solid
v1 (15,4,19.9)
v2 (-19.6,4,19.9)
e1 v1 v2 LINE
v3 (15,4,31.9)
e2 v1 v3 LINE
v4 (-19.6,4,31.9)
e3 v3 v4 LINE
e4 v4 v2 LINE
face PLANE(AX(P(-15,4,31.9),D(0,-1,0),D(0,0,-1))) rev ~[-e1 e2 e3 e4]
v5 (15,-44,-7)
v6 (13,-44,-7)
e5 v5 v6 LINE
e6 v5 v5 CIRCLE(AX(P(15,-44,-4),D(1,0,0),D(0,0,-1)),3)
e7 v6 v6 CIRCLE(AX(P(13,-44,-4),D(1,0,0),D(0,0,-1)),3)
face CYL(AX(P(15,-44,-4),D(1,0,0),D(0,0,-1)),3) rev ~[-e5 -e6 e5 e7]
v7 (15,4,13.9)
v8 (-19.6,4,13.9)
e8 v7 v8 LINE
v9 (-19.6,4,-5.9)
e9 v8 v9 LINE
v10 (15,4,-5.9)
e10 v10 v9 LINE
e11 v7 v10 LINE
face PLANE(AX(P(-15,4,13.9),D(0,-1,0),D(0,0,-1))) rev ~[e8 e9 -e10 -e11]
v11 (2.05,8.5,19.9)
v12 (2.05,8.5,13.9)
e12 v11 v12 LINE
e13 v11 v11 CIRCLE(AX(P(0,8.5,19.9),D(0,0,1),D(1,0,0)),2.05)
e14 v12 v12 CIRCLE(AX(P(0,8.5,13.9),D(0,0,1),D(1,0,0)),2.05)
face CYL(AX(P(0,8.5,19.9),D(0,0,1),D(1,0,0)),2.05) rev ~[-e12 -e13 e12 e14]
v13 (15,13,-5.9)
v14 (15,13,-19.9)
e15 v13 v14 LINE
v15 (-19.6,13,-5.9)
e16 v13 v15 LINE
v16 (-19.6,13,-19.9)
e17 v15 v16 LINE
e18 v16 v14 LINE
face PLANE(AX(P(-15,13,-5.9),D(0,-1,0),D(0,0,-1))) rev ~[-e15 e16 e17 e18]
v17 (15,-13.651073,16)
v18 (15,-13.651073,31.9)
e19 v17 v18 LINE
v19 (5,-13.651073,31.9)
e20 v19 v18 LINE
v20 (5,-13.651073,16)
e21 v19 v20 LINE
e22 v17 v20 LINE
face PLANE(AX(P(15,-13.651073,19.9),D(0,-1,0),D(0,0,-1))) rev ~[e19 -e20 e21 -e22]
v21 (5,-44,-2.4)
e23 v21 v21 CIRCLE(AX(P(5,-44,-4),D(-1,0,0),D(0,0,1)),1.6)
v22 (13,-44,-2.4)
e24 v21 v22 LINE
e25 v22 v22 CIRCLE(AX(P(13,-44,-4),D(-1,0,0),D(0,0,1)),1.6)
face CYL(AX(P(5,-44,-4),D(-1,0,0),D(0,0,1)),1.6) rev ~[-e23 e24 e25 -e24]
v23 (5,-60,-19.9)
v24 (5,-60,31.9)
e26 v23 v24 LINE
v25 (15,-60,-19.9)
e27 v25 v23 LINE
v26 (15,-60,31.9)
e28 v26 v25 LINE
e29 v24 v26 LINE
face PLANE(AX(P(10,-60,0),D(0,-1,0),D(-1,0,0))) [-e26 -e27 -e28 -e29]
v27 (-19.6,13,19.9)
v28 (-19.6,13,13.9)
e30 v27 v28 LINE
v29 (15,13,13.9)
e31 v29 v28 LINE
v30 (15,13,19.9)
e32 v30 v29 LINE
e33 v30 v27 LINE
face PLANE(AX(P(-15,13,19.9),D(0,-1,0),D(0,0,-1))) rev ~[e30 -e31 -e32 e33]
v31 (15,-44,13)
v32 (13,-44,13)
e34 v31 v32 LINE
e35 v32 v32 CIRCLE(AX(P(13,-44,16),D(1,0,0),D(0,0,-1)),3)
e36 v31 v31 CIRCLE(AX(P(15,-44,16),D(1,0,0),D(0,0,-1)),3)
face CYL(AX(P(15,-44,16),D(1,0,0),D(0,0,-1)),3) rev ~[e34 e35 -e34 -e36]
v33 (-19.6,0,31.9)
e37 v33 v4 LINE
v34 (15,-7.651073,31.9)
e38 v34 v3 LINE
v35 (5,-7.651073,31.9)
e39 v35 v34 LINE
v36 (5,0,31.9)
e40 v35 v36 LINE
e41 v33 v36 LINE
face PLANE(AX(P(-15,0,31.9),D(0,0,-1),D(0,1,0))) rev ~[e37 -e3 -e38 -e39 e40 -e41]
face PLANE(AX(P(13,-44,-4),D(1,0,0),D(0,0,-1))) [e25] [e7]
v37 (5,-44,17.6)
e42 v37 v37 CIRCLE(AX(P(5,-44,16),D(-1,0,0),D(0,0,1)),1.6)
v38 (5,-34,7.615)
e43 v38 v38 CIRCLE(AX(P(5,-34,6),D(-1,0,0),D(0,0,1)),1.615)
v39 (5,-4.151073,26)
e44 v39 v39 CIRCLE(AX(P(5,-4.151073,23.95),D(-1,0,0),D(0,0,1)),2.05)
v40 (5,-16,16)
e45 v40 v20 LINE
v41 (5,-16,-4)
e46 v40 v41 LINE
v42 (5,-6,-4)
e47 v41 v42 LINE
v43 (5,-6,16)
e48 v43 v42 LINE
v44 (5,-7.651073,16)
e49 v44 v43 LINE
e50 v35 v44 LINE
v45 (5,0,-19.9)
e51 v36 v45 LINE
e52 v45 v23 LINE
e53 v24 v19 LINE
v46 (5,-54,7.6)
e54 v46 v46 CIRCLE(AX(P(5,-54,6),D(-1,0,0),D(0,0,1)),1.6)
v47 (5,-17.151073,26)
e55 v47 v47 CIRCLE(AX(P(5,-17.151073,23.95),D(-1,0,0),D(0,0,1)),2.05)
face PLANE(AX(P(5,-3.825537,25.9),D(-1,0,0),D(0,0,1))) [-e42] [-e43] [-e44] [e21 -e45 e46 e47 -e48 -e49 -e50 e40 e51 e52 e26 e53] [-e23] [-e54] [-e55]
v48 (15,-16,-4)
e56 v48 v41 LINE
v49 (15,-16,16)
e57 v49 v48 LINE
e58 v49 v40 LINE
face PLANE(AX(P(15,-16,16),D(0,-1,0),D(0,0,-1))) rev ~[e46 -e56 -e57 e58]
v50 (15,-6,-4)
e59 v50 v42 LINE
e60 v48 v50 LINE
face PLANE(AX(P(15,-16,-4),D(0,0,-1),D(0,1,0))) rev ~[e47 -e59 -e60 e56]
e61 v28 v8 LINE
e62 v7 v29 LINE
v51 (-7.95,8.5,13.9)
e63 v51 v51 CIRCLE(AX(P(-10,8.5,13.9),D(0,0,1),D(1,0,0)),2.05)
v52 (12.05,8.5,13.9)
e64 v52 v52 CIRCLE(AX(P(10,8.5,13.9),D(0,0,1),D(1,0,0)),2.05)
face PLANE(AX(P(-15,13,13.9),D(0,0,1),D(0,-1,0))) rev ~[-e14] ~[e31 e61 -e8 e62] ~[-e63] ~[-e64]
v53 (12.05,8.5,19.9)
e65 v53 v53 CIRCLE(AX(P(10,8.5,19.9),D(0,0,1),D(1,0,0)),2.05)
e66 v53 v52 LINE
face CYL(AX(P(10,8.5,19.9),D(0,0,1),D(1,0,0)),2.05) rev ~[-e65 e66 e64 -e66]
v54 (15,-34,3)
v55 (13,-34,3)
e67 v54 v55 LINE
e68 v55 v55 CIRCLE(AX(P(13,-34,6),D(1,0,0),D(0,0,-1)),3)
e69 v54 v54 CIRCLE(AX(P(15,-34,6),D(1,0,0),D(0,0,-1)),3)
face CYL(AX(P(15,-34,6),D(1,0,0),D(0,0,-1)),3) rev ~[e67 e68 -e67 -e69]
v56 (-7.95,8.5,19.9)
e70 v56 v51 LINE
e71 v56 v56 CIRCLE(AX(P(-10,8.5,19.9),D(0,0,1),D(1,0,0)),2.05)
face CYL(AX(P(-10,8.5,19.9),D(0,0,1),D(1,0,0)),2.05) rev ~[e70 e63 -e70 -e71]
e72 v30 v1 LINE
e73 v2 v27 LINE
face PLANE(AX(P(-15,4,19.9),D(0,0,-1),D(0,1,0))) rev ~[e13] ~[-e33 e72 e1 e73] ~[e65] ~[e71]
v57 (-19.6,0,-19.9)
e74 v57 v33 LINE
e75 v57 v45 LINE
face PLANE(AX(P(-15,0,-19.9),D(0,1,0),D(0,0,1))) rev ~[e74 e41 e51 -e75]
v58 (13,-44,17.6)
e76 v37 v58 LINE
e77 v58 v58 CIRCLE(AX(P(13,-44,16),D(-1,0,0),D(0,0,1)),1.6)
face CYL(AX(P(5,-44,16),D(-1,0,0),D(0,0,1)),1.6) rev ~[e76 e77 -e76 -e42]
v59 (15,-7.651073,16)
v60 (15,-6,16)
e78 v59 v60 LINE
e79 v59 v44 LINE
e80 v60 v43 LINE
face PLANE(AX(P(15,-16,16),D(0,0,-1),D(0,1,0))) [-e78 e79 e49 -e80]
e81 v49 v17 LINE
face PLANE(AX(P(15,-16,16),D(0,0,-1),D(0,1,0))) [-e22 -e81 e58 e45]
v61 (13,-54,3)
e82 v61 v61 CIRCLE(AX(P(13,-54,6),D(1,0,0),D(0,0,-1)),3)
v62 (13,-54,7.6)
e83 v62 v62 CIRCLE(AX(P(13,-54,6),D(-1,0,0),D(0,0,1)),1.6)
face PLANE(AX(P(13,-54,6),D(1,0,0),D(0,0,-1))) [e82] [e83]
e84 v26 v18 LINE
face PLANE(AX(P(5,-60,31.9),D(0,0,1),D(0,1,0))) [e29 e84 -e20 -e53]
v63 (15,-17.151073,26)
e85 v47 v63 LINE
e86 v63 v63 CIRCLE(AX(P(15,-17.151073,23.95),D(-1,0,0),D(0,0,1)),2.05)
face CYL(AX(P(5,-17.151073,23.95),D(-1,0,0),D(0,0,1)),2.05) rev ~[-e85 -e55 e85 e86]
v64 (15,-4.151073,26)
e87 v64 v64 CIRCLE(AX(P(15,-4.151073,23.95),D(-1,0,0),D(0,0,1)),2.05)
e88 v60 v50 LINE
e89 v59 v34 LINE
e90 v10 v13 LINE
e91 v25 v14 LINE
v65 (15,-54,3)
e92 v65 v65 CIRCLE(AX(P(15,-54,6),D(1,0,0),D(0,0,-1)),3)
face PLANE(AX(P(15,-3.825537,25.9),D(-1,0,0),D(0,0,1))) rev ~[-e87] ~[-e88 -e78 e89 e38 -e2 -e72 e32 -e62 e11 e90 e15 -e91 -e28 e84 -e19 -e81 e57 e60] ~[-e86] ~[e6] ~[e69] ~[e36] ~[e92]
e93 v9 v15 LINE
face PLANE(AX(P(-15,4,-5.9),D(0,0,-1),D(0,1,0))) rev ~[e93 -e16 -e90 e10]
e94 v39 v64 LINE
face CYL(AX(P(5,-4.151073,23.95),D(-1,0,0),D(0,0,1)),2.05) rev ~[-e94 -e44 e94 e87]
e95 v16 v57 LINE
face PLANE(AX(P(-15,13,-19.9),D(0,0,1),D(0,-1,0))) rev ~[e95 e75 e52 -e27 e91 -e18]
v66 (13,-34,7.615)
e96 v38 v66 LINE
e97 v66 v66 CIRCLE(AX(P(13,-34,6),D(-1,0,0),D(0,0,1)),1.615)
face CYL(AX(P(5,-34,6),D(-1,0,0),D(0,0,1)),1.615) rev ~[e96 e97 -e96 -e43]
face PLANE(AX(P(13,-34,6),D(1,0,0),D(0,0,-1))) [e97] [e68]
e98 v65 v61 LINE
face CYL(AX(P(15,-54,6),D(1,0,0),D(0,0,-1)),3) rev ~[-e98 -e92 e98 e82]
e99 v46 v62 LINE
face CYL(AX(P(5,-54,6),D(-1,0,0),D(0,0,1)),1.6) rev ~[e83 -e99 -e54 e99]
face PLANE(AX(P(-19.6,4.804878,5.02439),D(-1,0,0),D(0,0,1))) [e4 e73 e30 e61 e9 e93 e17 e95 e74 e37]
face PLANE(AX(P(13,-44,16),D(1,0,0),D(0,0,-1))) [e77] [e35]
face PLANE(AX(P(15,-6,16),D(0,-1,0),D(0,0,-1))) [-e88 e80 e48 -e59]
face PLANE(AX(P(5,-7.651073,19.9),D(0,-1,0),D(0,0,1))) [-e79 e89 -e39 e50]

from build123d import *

# Parameters (mm, degrees)
SKETCH_1_W          = 30
SKETCH_1_H          = 39.8
EXTRUDE_1_DEPTH     = 4
SKETCH_2_W          = 30
SKETCH_2_H          = 14
EXTRUDE_2_DEPTH     = 9
SKETCH_3_W          = 30
SKETCH_3_H          = 6
EXTRUDE_3_DEPTH     = 9
SKETCH_4_W          = 10
SKETCH_4_H          = 39.8
EXTRUDE_4_DEPTH     = 60
SKETCH_5_W          = 20
SKETCH_5_H          = 10
CUT_EXTRUDE_1_DEPTH = 70.971494196
SKETCH_6_W          = 3.9
SKETCH_6_H          = 6
CUT_EXTRUDE_2_DEPTH = 70.971494196
SKETCH_8_W          = 12
SKETCH_8_H          = 4
EXTRUDE_5_DEPTH     = 30
SKETCH_9_W          = 12
SKETCH_9_H          = 7.651073012
SKETCH_9_H_2        = 46.348926988
EXTRUDE_6_DEPTH     = 10
SKETCH_13_R         = 1.6
SKETCH_13_R_2       = 1.615
CUT_EXTRUDE_3_DEPTH = 71.835090174
SKETCH_14_R         = 3
CUT_EXTRUDE_4_DEPTH = 2
CUT_EXTRUDE_5_REACH = 75.546
SKETCH_16_R         = 2.05
SKETCH_18_R         = 2.05
CUT_EXTRUDE_7_DEPTH = 71.835090174
STOPPER_DEPTH       = 4.6


with BuildPart() as part:
    # 草图1 → 凸台-拉伸1 (new body)
    with BuildSketch(Plane(origin=(0, 0, 0), x_dir=(1, 0, 0), z_dir=(0, 1, 0))):
        Rectangle(SKETCH_1_W, SKETCH_1_H)
    extrude(amount=EXTRUDE_1_DEPTH)

    # 草图2 → 凸台-拉伸2 (add)
    with BuildSketch(Plane(origin=(0, 4, 0), x_dir=(1, 0, 0), z_dir=(0, 1, 0))):
        with Locations((0, 12.9)):
            Rectangle(SKETCH_2_W, SKETCH_2_H)
    extrude(amount=EXTRUDE_2_DEPTH)

    # 草图3 → 凸台-拉伸3 (add)
    with BuildSketch(Plane(origin=(0, 4, 0), x_dir=(1, 0, 0), z_dir=(0, 1, 0))):
        with Locations((0, -16.9)):
            Rectangle(SKETCH_3_W, SKETCH_3_H)
    extrude(amount=EXTRUDE_3_DEPTH)

    # 草图4 → 凸台-拉伸4 (add)
    with BuildSketch(Plane(origin=(0, 0, 0), x_dir=(-1, 0, 0), z_dir=(0, -1, 0))):
        with Locations((-10, 0)):
            Rectangle(SKETCH_4_W, SKETCH_4_H)
    extrude(amount=EXTRUDE_4_DEPTH)

    # 草图5 → 切除-拉伸1 (cut, through all)
    with BuildSketch(Plane(origin=(15, 0, 0), x_dir=(0, 0, -1), z_dir=(1, 0, 0))):
        with Locations((-6, -11)):
            Rectangle(SKETCH_5_W, SKETCH_5_H)
    extrude(amount=-CUT_EXTRUDE_1_DEPTH, mode=Mode.SUBTRACT)

    # 草图6 → 切除-拉伸2 (cut, through all)
    with BuildSketch(Plane(origin=(15, 0, 0), x_dir=(0, 0, -1), z_dir=(1, 0, 0))):
        with Locations((-17.95, -10.651073012)):
            Rectangle(SKETCH_6_W, SKETCH_6_H)
    extrude(amount=-CUT_EXTRUDE_2_DEPTH, mode=Mode.SUBTRACT)

    # 草图8 → 凸台-拉伸5 (add)
    with BuildSketch(Plane.ZY.offset(15)):
        with Locations((25.9, 2)):
            Rectangle(SKETCH_8_W, SKETCH_8_H)
    extrude(amount=-EXTRUDE_5_DEPTH)

    # 草图9 → 凸台-拉伸6 (add)
    with BuildSketch(Plane.ZY.offset(-5)):
        with Locations((25.9, -3.825536506)):
            Rectangle(SKETCH_9_W, SKETCH_9_H)
        with Locations((25.9, -36.825536506)):
            Rectangle(SKETCH_9_W, SKETCH_9_H_2)
    extrude(amount=-EXTRUDE_6_DEPTH)

    # 草图13 → 切除-拉伸3 (cut, through all)
    with BuildSketch(Plane.ZY.offset(-5)):
        with Locations((-4, -44)):
            Circle(SKETCH_13_R)
        with Locations((6, -34)):
            Circle(SKETCH_13_R_2)
        with Locations((16, -44)):
            Circle(SKETCH_13_R)
        with Locations((6, -54)):
            Circle(SKETCH_13_R)
    extrude(amount=-CUT_EXTRUDE_3_DEPTH, mode=Mode.SUBTRACT)

    # 草图14 → 切除-拉伸4 (cut)
    with BuildSketch(Plane(origin=(15, 0, 0), x_dir=(0, 0, -1), z_dir=(1, 0, 0))):
        with Locations((-6, -34)):
            Circle(SKETCH_14_R)
        with Locations((-16, -44)):
            Circle(SKETCH_14_R)
        with Locations((-6, -54)):
            Circle(SKETCH_14_R)
        with Locations((4, -44)):
            Circle(SKETCH_14_R)
    extrude(amount=-CUT_EXTRUDE_4_DEPTH, mode=Mode.SUBTRACT)

    # 草图16 → 切除-拉伸5 (cut, up to next)
    with BuildSketch(Plane.XY.offset(19.9), mode=Mode.PRIVATE) as cut_extrude_5_sk1:
        with Locations((-10, 8.5)):
            Circle(SKETCH_16_R)
    cut_extrude_5_tool1 = extrude(cut_extrude_5_sk1.sketch, amount=-CUT_EXTRUDE_5_REACH, mode=Mode.PRIVATE) & part.part
    # 草图16 → 切除-拉伸5 (cut, up to next)
    with BuildSketch(Plane.XY.offset(19.9), mode=Mode.PRIVATE) as cut_extrude_5_sk2:
        with Locations((0, 8.5)):
            Circle(SKETCH_16_R)
    cut_extrude_5_tool2 = extrude(cut_extrude_5_sk2.sketch, amount=-CUT_EXTRUDE_5_REACH, mode=Mode.PRIVATE) & part.part
    # 草图16 → 切除-拉伸5 (cut, up to next)
    with BuildSketch(Plane.XY.offset(19.9), mode=Mode.PRIVATE) as cut_extrude_5_sk3:
        with Locations((10, 8.5)):
            Circle(SKETCH_16_R)
    cut_extrude_5_tool3 = extrude(cut_extrude_5_sk3.sketch, amount=-CUT_EXTRUDE_5_REACH, mode=Mode.PRIVATE) & part.part
    add(cut_extrude_5_tool1.solids().sort_by_distance((-10, 8.5, 19.9))[0], mode=Mode.SUBTRACT)
    add(cut_extrude_5_tool2.solids().sort_by_distance((0, 8.5, 19.9))[0], mode=Mode.SUBTRACT)
    add(cut_extrude_5_tool3.solids().sort_by_distance((10, 8.5, 19.9))[0], mode=Mode.SUBTRACT)

    # 草图18 → 切除-拉伸7 (cut, through all)
    with BuildSketch(Plane.ZY.offset(-5)):
        with Locations((23.95, -4.151073012)):
            Circle(SKETCH_18_R)
        with Locations((23.95, -17.151073012)):
            Circle(SKETCH_18_R)
    extrude(amount=-CUT_EXTRUDE_7_DEPTH, mode=Mode.SUBTRACT)

    # 草图21 → Stopper (add)
    with BuildSketch(Plane.ZY.offset(15)):
        Polygon((31.9, 0), (31.9, 4), (19.9, 4), (19.9, 13), (13.9, 13), (13.9, 4), (-5.9, 4), (-5.9, 13), (-19.9, 13), (-19.9, 0), align=None)
    extrude(amount=STOPPER_DEPTH)


solid = part.part
